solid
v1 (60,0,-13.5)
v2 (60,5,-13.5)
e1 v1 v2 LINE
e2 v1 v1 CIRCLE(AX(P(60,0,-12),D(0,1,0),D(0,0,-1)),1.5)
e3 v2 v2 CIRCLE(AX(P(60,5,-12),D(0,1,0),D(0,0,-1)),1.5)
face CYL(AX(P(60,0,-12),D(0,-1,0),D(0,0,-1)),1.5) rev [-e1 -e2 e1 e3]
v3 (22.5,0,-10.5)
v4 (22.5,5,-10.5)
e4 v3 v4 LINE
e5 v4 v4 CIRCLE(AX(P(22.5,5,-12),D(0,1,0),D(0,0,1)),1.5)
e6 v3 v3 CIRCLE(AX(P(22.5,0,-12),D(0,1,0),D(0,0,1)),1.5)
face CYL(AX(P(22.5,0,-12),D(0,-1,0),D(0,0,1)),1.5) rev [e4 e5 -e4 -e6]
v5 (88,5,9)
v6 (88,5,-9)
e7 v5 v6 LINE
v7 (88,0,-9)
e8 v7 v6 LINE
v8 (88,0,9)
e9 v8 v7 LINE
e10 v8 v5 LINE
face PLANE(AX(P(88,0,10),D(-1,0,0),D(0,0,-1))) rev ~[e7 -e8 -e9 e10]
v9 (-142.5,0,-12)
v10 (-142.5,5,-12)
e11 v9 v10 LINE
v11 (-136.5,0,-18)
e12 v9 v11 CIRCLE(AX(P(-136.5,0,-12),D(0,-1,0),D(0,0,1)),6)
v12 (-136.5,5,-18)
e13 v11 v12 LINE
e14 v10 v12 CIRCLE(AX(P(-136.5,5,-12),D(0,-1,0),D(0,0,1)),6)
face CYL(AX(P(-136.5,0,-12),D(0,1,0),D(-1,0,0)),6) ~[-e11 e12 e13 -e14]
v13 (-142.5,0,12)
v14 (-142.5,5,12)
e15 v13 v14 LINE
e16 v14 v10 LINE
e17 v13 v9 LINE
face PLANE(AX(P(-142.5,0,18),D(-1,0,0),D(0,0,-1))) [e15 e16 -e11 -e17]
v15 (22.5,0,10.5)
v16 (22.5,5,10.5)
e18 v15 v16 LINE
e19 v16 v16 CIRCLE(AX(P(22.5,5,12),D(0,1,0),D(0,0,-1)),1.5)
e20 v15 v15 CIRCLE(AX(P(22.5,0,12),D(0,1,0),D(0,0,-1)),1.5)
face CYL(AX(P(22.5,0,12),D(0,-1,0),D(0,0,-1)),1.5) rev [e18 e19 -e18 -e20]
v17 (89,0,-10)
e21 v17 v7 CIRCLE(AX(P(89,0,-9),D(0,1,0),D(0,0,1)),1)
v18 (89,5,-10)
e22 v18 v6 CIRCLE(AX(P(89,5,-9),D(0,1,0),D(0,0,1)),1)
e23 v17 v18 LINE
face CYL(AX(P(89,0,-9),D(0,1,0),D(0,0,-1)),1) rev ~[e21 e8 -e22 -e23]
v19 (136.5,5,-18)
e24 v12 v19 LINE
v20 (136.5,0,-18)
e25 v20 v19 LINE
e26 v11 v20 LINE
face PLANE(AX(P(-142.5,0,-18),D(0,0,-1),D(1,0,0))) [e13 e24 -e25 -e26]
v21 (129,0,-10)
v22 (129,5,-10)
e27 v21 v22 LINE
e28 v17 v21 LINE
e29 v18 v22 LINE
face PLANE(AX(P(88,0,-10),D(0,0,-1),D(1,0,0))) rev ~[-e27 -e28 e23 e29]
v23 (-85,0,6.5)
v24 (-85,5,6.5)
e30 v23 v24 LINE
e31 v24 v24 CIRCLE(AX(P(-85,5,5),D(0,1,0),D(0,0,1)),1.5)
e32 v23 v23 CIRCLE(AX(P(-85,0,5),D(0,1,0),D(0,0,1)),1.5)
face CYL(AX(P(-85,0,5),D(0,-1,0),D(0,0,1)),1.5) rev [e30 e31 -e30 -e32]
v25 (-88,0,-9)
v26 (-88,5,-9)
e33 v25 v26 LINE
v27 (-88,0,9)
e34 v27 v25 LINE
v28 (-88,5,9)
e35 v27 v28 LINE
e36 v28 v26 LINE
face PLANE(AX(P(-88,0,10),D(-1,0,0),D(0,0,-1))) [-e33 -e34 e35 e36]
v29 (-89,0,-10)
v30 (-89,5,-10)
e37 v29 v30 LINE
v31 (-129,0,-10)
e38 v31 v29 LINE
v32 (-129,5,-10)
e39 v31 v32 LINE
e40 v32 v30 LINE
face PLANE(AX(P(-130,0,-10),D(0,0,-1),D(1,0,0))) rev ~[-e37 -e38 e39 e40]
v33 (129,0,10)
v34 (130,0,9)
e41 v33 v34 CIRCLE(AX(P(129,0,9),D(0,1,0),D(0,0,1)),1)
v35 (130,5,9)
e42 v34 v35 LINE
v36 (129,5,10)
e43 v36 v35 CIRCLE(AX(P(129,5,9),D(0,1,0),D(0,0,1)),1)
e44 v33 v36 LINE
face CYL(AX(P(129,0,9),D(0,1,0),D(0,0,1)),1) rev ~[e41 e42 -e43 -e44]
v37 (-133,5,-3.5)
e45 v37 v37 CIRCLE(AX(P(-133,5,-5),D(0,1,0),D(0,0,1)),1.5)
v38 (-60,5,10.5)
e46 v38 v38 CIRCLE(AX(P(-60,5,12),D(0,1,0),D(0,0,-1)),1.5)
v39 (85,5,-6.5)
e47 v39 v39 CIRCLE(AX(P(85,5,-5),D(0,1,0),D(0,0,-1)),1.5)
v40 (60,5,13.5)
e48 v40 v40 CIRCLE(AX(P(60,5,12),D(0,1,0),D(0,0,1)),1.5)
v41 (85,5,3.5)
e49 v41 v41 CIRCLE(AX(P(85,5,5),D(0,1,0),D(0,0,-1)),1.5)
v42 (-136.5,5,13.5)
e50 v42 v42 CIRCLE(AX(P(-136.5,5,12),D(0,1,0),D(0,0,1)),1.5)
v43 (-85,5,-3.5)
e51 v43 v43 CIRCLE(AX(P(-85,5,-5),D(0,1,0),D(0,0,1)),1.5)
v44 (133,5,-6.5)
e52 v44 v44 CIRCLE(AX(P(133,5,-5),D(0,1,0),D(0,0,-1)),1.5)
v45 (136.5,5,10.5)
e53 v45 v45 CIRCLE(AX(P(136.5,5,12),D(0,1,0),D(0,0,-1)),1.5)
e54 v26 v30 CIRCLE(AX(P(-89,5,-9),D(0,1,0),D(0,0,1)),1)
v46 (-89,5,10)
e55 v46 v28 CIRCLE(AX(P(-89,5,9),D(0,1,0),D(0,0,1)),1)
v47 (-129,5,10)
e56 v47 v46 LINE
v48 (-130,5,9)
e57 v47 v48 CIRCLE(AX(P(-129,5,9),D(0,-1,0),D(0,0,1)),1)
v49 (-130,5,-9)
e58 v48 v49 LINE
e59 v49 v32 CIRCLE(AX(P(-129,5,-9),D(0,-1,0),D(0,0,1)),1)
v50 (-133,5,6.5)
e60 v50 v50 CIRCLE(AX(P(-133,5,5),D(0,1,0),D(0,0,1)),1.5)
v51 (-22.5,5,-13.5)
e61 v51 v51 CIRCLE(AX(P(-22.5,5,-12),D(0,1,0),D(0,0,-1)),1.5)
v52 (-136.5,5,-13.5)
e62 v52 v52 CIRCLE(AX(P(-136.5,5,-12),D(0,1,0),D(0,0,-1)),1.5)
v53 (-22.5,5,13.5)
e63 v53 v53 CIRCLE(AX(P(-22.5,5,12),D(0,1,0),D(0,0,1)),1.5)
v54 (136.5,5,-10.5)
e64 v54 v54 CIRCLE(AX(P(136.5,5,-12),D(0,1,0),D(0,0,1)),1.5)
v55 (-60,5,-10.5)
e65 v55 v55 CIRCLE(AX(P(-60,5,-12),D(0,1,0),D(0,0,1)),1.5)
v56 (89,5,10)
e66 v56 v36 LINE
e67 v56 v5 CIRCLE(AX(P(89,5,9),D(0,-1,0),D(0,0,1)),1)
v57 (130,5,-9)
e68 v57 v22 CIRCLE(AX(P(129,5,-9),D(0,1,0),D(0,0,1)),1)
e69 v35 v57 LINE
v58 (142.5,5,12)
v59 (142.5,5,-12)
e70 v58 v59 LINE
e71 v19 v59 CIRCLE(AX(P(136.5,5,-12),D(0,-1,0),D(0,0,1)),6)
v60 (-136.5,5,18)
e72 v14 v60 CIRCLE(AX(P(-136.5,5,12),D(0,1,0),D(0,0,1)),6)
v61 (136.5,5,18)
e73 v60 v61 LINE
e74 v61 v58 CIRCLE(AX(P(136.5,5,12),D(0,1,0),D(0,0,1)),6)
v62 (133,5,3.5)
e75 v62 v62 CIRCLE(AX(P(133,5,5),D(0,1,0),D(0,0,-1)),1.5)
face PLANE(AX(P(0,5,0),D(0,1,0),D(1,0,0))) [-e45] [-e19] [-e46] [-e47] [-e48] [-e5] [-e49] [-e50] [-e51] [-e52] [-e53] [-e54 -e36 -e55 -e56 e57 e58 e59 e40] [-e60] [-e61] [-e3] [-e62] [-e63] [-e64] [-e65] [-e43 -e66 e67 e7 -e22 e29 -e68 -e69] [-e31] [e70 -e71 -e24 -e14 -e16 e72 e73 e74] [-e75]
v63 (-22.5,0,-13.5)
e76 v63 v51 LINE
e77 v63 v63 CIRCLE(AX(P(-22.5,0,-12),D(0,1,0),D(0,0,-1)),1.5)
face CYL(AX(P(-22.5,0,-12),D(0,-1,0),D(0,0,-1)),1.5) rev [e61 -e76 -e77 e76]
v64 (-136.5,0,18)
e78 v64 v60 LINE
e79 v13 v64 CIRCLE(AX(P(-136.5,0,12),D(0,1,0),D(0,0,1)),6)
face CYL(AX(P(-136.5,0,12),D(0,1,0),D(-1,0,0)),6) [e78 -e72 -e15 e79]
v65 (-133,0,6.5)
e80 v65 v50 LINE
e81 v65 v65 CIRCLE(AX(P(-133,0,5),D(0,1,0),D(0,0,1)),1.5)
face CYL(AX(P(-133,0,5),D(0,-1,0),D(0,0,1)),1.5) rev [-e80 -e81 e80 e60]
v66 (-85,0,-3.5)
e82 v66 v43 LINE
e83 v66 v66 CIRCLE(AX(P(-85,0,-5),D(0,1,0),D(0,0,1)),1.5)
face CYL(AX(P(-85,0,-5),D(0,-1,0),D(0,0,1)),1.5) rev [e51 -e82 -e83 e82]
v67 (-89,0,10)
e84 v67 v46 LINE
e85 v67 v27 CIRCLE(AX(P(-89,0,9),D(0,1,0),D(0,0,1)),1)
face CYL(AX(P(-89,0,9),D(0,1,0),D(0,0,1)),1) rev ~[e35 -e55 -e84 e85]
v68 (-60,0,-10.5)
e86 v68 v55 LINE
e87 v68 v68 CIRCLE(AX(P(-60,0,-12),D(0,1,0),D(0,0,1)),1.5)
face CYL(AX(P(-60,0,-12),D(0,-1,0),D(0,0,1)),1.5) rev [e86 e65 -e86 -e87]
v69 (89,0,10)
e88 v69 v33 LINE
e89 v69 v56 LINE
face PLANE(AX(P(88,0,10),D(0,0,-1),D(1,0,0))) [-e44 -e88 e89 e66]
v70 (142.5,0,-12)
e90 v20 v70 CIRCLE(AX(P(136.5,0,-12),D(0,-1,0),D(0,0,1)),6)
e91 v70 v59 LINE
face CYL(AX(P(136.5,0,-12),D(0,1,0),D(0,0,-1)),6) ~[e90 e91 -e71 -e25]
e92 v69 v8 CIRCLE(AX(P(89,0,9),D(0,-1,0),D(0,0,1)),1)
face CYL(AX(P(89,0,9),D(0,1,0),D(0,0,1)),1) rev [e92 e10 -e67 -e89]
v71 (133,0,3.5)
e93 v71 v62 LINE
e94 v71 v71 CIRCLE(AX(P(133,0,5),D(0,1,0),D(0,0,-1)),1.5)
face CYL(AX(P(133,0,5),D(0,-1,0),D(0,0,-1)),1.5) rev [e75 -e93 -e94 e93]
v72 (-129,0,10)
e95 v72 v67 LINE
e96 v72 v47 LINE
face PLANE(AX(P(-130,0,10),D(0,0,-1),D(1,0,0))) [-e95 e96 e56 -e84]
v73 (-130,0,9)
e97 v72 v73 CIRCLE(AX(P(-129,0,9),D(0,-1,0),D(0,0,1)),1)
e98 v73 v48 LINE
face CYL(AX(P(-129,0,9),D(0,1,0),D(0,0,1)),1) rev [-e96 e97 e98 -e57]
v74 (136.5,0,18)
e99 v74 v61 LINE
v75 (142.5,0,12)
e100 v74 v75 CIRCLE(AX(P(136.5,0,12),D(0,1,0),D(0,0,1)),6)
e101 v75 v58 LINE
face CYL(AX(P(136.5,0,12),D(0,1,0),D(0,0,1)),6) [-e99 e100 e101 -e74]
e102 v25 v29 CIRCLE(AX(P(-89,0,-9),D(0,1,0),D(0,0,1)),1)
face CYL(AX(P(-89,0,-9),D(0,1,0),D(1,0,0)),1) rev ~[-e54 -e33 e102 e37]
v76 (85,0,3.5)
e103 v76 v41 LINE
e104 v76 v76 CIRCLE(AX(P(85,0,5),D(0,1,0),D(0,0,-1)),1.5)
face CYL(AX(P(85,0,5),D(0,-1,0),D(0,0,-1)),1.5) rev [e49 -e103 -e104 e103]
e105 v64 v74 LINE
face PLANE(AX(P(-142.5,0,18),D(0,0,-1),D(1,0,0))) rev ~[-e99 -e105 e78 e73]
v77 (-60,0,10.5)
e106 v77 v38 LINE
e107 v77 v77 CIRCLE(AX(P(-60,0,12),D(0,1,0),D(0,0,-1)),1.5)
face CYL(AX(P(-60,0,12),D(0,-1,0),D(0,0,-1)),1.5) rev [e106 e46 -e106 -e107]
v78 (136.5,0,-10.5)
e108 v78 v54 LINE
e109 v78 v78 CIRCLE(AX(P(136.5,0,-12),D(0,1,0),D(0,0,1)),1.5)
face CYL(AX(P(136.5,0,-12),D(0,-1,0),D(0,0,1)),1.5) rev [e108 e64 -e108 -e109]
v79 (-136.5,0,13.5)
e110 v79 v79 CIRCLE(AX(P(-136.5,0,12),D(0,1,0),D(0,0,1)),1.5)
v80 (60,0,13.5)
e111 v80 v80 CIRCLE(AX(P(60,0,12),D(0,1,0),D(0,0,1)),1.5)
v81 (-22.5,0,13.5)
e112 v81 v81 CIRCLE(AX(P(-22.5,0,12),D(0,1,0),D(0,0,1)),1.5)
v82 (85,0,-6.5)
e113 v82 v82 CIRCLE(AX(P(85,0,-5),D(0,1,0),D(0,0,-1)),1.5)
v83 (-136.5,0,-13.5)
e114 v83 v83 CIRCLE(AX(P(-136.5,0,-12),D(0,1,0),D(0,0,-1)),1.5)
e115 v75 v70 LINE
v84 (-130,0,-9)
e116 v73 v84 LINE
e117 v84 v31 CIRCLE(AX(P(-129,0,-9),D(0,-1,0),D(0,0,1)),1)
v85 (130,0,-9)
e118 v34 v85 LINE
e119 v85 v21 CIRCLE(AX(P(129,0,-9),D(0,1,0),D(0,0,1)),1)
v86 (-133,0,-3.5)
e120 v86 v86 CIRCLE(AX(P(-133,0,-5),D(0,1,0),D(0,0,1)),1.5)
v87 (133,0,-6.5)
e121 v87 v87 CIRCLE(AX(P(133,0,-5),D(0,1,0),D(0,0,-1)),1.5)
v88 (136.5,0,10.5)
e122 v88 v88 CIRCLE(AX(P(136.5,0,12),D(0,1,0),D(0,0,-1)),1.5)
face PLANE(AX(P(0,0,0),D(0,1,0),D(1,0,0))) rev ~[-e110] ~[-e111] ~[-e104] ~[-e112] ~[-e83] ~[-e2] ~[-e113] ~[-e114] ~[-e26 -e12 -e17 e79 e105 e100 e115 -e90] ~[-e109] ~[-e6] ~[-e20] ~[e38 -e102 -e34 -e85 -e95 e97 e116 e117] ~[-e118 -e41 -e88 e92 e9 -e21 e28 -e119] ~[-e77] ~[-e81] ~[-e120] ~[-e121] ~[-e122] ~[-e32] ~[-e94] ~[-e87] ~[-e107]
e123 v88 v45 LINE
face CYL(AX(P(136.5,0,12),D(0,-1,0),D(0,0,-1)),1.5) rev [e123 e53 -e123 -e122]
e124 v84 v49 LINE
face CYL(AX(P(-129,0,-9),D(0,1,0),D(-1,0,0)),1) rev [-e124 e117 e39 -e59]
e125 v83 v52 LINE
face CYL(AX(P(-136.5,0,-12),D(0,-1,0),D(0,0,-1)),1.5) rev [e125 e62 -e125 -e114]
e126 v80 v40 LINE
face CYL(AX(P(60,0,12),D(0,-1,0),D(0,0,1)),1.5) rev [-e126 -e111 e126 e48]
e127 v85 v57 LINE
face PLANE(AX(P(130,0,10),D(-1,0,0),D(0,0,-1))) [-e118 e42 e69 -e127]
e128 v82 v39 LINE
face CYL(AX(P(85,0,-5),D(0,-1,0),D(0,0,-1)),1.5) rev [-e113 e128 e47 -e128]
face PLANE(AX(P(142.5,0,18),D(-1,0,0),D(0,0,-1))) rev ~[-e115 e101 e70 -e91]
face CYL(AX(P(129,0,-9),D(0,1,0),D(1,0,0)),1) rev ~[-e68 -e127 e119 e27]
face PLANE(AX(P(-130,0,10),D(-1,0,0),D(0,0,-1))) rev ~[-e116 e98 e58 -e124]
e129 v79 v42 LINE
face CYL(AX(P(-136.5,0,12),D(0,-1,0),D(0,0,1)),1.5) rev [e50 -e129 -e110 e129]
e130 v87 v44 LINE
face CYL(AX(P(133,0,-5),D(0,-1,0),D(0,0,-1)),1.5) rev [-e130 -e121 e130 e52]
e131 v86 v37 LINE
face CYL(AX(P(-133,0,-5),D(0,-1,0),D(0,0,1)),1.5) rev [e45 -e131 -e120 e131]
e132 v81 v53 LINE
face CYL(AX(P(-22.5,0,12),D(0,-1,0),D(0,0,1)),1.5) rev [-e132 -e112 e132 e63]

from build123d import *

# Parameters (mm, degrees)
SKETCH1_W           = 285
SKETCH1_H           = 36
SKETCH1_R           = 1.5
SKETCH1_W_2         = 42
SKETCH1_H_2         = 20
BOSS_EXTRUDE2_DEPTH = 5
FILLET1_R           = 6
FILLET2_R           = 1


with BuildPart() as part:
    # Sketch1 → Boss-Extrude2 (new body)
    with BuildSketch(Plane(origin=(0, 0, 0), x_dir=(1, 0, 0), z_dir=(0, 1, 0))):
        Rectangle(SKETCH1_W, SKETCH1_H)
        with Locations(Location((-85, -5, 0), (0, 0, 270))):
            Circle(SKETCH1_R, mode=Mode.SUBTRACT)
        with Locations(Location((-85, 5, 0), (0, 0, 270))):
            Circle(SKETCH1_R, mode=Mode.SUBTRACT)
        with Locations(Location((-133, 5, 0), (0, 0, 270))):
            Circle(SKETCH1_R, mode=Mode.SUBTRACT)
        with Locations(Location((-133, -5, 0), (0, 0, 270))):
            Circle(SKETCH1_R, mode=Mode.SUBTRACT)
        with Locations(Location((133, -5, 0), (0, 0, 90))):
            Circle(SKETCH1_R, mode=Mode.SUBTRACT)
        with Locations(Location((133, 5, 0), (0, 0, 90))):
            Circle(SKETCH1_R, mode=Mode.SUBTRACT)
        with Locations(Location((85, -5, 0), (0, 0, 90))):
            Circle(SKETCH1_R, mode=Mode.SUBTRACT)
        with Locations(Location((85, 5, 0), (0, 0, 90))):
            Circle(SKETCH1_R, mode=Mode.SUBTRACT)
        with Locations(Location((-22.5, -12, 0), (0, 0, 270))):
            Circle(SKETCH1_R, mode=Mode.SUBTRACT)
        with Locations(Location((-22.5, 12, 0), (0, 0, 90))):
            Circle(SKETCH1_R, mode=Mode.SUBTRACT)
        with Locations(Location((-136.5, -12, 0), (0, 0, 270))):
            Circle(SKETCH1_R, mode=Mode.SUBTRACT)
        with Locations(Location((-136.5, 12, 0), (0, 0, 90))):
            Circle(SKETCH1_R, mode=Mode.SUBTRACT)
        with Locations(Location((22.5, -12, 0), (0, 0, 90))):
            Circle(SKETCH1_R, mode=Mode.SUBTRACT)
        with Locations(Location((22.5, 12, 0), (0, 0, 270))):
            Circle(SKETCH1_R, mode=Mode.SUBTRACT)
        with Locations(Location((136.5, -12, 0), (0, 0, 90))):
            Circle(SKETCH1_R, mode=Mode.SUBTRACT)
        with Locations(Location((136.5, 12, 0), (0, 0, 270))):
            Circle(SKETCH1_R, mode=Mode.SUBTRACT)
        with Locations(Location((-60, 12, 0), (0, 0, 270))):
            Circle(SKETCH1_R, mode=Mode.SUBTRACT)
        with Locations(Location((-60, -12, 0), (0, 0, 90))):
            Circle(SKETCH1_R, mode=Mode.SUBTRACT)
        with Locations(Location((60, -12, 0), (0, 0, 270))):
            Circle(SKETCH1_R, mode=Mode.SUBTRACT)
        with Locations(Location((60, 12, 0), (0, 0, 90))):
            Circle(SKETCH1_R, mode=Mode.SUBTRACT)
        with Locations((-109, 0)):
            Rectangle(SKETCH1_W_2, SKETCH1_H_2, mode=Mode.SUBTRACT)
        with Locations((109, 0)):
            Rectangle(SKETCH1_W_2, SKETCH1_H_2, mode=Mode.SUBTRACT)
    extrude(amount=BOSS_EXTRUDE2_DEPTH)

    # Fillet1
    fillet1_edges = [part.edges().sort_by_distance(p)[0] for p in [
        (142.5, 2.5, 18),
        (-142.5, 2.5, 18),
        (-142.5, 2.5, -18),
        (142.5, 2.5, -18),
    ]]
    fillet(fillet1_edges, radius=FILLET1_R)

    # Fillet2
    fillet2_edges = [part.edges().sort_by_distance(p)[0] for p in [
        (-88, 2.5, 10),
        (-88, 2.5, -10),
        (-130, 2.5, -10),
        (-130, 2.5, 10),
        (130, 2.5, -10),
        (88, 2.5, -10),
        (88, 2.5, 10),
        (130, 2.5, 10),
    ]]
    fillet(fillet2_edges, radius=FILLET2_R)


solid = part.part
